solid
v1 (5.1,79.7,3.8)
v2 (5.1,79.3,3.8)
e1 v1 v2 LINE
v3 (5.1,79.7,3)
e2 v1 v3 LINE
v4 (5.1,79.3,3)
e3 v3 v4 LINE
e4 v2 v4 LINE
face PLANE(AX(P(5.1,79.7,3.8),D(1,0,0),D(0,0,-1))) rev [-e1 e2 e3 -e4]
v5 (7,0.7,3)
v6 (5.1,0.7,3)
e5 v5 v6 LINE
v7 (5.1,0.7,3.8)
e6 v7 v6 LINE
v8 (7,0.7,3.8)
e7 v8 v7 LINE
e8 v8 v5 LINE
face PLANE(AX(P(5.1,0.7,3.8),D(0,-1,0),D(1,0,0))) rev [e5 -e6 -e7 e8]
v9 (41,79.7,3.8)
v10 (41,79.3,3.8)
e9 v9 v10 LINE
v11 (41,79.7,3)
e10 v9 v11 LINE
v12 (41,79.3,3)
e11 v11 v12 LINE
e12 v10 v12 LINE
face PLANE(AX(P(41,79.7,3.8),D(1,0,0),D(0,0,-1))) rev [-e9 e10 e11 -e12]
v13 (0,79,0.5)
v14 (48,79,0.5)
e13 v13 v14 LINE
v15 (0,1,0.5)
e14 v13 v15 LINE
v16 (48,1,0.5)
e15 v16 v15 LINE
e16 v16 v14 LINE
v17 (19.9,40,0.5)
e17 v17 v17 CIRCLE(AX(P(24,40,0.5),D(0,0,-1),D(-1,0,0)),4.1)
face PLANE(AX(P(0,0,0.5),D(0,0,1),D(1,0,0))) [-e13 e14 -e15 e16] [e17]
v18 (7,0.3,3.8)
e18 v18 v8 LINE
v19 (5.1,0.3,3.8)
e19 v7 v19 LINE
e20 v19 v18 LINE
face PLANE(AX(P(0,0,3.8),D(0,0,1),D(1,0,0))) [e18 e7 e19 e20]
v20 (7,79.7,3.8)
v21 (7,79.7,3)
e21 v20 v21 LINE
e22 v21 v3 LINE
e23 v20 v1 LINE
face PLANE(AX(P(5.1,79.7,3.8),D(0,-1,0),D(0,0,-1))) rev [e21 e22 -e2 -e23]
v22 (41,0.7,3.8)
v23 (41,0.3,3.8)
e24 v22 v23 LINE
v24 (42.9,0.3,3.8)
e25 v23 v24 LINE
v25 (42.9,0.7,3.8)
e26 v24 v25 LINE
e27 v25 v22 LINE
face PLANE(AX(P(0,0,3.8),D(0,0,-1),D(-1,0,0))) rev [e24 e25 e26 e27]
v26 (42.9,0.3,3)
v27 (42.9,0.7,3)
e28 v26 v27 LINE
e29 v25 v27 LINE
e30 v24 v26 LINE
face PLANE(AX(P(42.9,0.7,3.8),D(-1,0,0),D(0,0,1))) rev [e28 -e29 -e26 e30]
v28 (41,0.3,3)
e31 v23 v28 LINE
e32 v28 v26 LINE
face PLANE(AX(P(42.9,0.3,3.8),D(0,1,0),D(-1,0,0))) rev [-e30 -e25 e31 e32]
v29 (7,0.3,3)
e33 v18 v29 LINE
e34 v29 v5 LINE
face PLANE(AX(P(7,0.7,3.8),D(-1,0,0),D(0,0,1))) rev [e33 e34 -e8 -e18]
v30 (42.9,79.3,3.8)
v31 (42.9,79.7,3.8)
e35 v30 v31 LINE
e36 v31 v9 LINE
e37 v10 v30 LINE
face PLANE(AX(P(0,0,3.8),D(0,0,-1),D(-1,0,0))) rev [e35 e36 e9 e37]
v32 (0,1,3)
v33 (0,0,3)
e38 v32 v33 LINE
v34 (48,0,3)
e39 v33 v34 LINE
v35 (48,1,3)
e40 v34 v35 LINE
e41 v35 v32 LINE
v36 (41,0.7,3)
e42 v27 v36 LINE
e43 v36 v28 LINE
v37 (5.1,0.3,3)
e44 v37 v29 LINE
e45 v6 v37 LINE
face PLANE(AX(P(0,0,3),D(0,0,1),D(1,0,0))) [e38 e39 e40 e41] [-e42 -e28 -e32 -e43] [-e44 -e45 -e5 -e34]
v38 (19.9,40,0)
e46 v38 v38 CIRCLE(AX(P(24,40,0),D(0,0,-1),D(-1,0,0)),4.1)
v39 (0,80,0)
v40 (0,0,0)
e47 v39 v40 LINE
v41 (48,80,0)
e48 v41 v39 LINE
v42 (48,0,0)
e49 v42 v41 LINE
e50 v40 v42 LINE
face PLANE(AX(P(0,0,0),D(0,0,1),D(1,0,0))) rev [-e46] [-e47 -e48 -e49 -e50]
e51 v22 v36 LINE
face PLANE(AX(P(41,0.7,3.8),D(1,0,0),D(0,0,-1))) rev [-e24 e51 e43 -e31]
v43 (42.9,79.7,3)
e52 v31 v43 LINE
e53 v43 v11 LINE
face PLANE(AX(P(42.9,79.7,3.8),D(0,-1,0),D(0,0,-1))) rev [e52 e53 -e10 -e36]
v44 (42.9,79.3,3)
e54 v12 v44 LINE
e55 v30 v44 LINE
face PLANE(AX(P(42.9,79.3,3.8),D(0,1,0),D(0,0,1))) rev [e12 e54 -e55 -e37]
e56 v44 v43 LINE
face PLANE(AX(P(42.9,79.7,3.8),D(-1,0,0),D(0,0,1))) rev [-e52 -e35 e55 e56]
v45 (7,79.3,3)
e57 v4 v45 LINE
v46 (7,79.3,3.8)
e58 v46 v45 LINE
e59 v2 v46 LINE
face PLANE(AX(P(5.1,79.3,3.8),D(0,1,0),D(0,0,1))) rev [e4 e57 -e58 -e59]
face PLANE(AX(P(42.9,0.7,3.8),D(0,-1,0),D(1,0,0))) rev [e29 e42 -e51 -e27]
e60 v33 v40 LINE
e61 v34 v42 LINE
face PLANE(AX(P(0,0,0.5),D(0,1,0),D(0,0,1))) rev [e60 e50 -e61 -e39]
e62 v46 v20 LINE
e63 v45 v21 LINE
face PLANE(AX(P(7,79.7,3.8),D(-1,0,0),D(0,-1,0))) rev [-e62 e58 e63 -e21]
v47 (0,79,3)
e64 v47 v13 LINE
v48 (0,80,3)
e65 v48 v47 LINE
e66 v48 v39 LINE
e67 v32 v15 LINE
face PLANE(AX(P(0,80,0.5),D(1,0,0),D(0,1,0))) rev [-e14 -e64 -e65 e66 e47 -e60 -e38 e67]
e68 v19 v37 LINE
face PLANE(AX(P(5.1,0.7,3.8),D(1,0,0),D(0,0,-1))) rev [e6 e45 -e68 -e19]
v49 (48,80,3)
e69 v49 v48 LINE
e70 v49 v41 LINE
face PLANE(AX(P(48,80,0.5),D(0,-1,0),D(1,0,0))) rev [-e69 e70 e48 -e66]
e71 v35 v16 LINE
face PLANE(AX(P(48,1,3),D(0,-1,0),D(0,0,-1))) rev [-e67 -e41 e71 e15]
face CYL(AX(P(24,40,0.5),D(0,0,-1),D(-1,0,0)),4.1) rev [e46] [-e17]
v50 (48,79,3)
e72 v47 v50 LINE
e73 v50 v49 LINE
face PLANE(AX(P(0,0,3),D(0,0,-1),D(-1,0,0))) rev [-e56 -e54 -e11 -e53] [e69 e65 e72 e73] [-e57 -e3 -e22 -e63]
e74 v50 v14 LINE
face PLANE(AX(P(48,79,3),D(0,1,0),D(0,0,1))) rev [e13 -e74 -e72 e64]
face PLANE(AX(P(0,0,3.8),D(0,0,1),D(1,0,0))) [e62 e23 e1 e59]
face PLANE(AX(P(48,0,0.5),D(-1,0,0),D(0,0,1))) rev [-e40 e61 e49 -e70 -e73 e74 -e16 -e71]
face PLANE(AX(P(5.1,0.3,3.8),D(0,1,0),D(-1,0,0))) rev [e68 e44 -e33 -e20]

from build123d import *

# Parameters (mm, degrees)
SKETCH2_W           = 48
SKETCH2_H           = 80
BOSS_EXTRUDE1_DEPTH = 0.5
SKETCH3_W           = 48
SKETCH3_H           = 1
BOSS_EXTRUDE2_DEPTH = 2.5
SKETCH4_W           = 1.9
SKETCH4_H           = 0.4
BOSS_EXTRUDE3_DEPTH = 0.8
SKETCH5_W           = 1.9
SKETCH5_H           = 0.4
BOSS_EXTRUDE4_DEPTH = 0.8
SKETCH6_R           = 4.1
CUT_EXTRUDE2_DEPTH  = 0.5


with BuildPart() as part:
    # Sketch2 → Boss-Extrude1 (new body)
    with BuildSketch(Plane.XY):
        with Locations((24, 40)):
            Rectangle(SKETCH2_W, SKETCH2_H)
    extrude(amount=BOSS_EXTRUDE1_DEPTH)

    # Sketch3 → Boss-Extrude2 (add)
    with BuildSketch(Plane.XY.offset(0.5)):
        with Locations((24, 79.5)):
            Rectangle(SKETCH3_W, SKETCH3_H)
        with Locations((24, 0.5)):
            Rectangle(SKETCH3_W, SKETCH3_H)
    extrude(amount=BOSS_EXTRUDE2_DEPTH)

    # Sketch4 → Boss-Extrude3 (add)
    with BuildSketch(Plane.XY.offset(3)):
        with Locations((6.05, 79.5)):
            Rectangle(SKETCH4_W, SKETCH4_H)
        with Locations((41.95, 79.5)):
            Rectangle(SKETCH4_W, SKETCH4_H)
    extrude(amount=BOSS_EXTRUDE3_DEPTH)

    # Sketch5 → Boss-Extrude4 (add)
    with BuildSketch(Plane.XY.offset(3)):
        with Locations((6.05, 0.5)):
            Rectangle(SKETCH5_W, SKETCH5_H)
        with Locations((41.95, 0.5)):
            Rectangle(SKETCH5_W, SKETCH5_H)
    extrude(amount=BOSS_EXTRUDE4_DEPTH)

    # Sketch6 → Cut-Extrude2 (cut)
    with BuildSketch(Plane(origin=(0, 0, 0), x_dir=(-1, 0, 0), z_dir=(0, 0, -1))):
        with Locations((-24, 40)):
            Circle(SKETCH6_R)
    extrude(amount=-CUT_EXTRUDE2_DEPTH, mode=Mode.SUBTRACT)


solid = part.part
